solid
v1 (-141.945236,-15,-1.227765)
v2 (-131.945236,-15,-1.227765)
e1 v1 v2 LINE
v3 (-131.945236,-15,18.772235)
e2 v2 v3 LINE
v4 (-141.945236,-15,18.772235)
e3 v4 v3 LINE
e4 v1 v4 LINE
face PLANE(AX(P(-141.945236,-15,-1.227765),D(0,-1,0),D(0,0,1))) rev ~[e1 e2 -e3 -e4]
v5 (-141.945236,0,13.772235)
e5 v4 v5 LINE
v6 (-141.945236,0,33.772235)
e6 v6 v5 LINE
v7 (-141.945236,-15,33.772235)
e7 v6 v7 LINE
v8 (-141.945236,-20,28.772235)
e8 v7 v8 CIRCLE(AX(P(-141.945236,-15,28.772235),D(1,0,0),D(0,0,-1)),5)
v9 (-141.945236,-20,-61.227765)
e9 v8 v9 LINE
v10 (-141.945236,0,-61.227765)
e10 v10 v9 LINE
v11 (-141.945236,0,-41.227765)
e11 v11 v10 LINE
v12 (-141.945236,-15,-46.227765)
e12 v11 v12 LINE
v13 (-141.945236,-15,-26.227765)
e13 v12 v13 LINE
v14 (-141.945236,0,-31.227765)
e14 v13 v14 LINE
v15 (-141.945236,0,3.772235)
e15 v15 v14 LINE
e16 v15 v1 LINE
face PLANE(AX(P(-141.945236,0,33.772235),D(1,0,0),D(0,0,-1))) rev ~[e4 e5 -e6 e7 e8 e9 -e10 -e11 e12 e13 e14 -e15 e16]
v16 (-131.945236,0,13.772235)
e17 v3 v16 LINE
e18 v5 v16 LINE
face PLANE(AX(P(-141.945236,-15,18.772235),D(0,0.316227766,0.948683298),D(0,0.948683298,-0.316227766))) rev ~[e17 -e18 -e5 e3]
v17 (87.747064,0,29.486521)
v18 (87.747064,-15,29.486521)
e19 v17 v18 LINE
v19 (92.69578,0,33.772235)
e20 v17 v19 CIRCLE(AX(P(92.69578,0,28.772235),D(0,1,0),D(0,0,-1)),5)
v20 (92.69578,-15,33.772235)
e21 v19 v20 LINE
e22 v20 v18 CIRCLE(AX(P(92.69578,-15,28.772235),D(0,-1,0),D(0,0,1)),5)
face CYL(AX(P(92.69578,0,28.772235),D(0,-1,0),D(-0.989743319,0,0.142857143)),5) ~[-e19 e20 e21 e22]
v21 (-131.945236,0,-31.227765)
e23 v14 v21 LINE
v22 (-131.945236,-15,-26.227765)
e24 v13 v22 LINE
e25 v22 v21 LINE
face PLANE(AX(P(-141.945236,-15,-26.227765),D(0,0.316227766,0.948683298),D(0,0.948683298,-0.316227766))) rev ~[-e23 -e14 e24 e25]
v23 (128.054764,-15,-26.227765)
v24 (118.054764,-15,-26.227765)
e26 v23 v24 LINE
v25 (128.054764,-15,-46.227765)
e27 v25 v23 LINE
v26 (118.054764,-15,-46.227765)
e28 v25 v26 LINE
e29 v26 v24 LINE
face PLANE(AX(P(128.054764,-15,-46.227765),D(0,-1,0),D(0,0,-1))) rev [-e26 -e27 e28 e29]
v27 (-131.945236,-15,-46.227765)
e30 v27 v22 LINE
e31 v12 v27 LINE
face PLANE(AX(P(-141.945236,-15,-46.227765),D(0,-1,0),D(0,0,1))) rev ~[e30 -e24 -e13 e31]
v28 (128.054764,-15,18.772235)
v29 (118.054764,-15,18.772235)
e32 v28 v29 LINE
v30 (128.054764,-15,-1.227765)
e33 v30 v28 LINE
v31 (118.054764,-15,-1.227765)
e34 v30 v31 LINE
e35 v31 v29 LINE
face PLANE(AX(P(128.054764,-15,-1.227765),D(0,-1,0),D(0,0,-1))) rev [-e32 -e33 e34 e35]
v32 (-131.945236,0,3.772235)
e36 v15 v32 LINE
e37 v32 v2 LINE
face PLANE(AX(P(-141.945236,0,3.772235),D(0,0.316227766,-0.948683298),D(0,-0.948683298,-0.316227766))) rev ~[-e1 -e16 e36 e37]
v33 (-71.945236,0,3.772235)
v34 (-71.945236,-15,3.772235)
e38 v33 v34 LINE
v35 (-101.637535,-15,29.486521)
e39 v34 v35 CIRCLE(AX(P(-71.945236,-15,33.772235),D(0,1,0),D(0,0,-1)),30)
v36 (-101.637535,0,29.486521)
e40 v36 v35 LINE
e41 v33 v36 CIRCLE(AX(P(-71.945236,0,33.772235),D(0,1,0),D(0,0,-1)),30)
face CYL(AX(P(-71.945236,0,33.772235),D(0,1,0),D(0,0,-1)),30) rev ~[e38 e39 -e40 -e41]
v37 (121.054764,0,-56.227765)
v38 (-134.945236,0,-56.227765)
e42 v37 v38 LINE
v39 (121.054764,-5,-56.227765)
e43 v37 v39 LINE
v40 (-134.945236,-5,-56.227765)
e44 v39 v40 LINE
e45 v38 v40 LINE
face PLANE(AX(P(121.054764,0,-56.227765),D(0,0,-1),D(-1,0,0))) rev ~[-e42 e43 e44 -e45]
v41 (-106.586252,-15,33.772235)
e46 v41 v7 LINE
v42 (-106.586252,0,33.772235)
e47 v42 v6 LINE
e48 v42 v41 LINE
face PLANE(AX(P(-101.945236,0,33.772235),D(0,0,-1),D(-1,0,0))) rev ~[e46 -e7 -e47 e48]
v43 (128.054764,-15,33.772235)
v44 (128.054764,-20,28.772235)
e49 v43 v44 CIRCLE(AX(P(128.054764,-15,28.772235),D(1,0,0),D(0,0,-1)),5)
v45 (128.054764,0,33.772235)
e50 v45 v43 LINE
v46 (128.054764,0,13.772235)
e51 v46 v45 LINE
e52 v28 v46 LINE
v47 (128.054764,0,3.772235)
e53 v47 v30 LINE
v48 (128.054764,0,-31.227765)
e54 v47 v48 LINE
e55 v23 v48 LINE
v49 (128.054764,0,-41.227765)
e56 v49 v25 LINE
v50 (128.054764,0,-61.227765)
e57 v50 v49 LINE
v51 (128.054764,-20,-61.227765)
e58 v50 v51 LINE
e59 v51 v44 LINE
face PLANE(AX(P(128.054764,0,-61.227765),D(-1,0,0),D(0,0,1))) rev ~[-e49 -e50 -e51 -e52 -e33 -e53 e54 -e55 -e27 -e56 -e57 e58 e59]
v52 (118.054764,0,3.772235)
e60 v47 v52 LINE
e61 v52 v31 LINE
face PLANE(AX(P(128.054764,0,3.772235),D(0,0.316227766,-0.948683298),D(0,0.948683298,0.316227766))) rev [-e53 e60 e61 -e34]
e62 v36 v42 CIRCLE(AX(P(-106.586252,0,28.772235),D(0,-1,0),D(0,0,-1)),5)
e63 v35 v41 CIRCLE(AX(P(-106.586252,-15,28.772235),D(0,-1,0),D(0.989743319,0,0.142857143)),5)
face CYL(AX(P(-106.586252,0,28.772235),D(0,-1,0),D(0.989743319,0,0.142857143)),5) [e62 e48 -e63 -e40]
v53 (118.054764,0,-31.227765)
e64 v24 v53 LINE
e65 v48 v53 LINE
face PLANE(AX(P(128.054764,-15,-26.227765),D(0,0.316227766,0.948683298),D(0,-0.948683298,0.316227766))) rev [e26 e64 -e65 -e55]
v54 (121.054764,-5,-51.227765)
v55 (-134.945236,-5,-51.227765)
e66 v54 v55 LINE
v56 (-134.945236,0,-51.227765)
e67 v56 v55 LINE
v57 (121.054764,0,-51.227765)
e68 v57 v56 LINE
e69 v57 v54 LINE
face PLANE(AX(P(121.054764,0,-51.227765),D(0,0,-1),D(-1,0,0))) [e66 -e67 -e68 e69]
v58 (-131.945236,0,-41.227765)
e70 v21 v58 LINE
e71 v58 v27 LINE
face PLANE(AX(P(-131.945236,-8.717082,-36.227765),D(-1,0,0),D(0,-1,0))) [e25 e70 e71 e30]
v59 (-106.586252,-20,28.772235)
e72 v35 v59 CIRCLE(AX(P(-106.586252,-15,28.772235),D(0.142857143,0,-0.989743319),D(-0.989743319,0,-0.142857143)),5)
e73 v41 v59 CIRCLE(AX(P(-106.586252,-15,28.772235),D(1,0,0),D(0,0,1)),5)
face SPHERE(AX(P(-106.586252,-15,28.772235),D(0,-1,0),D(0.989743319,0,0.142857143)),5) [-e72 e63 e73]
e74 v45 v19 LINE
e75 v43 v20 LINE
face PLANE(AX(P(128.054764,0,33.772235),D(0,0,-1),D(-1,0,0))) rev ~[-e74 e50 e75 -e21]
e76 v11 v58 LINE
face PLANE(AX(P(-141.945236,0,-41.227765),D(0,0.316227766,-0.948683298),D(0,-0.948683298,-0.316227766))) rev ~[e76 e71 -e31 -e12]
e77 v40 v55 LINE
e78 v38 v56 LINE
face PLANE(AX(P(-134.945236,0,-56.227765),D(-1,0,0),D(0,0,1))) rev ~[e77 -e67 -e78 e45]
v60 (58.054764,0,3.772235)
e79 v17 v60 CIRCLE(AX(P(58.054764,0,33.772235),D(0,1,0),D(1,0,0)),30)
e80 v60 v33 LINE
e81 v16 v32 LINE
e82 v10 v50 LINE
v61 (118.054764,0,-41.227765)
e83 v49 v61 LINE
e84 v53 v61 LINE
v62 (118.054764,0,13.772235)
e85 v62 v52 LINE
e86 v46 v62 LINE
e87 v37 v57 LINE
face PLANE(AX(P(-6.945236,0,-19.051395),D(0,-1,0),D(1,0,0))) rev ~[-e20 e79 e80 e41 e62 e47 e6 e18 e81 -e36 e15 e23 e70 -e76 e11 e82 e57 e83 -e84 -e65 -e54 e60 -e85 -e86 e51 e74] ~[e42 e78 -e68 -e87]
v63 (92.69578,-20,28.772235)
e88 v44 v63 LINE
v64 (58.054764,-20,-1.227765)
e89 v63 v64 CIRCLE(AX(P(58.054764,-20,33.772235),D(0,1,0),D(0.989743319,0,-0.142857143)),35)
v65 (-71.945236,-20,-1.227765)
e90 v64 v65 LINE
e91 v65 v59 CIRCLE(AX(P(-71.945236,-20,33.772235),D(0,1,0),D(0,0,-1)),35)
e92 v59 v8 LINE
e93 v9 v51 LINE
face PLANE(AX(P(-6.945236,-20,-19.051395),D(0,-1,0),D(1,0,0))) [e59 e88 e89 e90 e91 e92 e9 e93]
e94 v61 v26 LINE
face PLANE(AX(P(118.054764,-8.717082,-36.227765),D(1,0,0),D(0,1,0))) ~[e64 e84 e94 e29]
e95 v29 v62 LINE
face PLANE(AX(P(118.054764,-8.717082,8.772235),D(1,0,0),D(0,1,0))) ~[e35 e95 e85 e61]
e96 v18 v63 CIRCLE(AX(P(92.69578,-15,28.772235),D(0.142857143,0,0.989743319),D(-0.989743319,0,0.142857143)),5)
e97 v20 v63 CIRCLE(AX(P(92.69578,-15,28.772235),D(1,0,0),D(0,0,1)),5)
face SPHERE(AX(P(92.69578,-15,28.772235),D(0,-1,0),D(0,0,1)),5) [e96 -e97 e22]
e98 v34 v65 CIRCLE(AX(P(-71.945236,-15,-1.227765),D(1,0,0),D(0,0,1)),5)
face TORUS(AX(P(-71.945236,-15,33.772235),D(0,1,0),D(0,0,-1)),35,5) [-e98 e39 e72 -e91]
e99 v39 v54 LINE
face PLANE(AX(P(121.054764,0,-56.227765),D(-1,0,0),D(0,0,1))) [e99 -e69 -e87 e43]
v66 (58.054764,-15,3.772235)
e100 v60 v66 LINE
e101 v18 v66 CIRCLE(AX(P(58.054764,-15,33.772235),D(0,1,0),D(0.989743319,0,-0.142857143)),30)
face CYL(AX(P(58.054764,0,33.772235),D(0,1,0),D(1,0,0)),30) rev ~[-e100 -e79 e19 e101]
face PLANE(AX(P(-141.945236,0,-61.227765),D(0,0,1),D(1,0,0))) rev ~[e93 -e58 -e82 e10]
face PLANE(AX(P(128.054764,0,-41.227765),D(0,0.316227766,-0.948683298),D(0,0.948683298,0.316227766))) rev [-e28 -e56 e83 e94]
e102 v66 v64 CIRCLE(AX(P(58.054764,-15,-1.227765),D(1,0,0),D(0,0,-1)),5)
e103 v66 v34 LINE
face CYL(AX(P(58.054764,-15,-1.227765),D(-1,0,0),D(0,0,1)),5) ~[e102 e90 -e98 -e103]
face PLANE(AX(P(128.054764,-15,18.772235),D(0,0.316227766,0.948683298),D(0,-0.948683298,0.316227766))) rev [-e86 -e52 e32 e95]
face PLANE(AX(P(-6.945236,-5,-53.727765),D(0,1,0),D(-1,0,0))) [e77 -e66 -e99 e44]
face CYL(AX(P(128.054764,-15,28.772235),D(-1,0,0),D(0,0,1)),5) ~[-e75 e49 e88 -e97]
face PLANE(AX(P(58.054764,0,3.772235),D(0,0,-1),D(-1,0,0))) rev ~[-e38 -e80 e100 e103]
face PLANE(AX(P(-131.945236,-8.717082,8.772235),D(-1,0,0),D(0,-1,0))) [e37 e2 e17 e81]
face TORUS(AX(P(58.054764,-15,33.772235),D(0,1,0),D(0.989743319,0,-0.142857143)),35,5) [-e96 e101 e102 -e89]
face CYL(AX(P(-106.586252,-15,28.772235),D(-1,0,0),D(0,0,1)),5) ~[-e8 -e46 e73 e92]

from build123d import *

# Parameters (mm, degrees)
F1_DEPTH  = 20
F2_R      = 5
F3_R      = 5
F10_DEPTH = 10
F9_W      = 256
F9_H      = 5
F12_DEPTH = 5
F13_R     = 5


with BuildPart() as f1:
    # F0 (on Front) → F1 (new body)
    with BuildSketch(Plane.XZ):
        with BuildLine():
            ThreePointArc((-71.9452356547, 3.7722354652), (-93.1584390903, 12.5590320296), (-101.9452356547, 33.7722354652))
            Line((-101.9452356547, 33.7722354652), (-141.9452356547, 33.7722354652))
            Line((-141.9452356547, 33.7722354652), (-141.9452356547, -61.2277645348))
            Line((-141.9452356547, -61.2277645348), (128.0547643453, -61.2277645348))
            Line((128.0547643453, -61.2277645348), (128.0547643453, 33.7722354652))
            Line((128.0547643453, 33.7722354652), (88.0547643453, 33.7722354652))
            ThreePointArc((88.0547643453, 33.7722354652), (79.2679677809, 12.5590320296), (58.0547643453, 3.7722354652))
            Line((58.0547643453, 3.7722354652), (-71.9452356547, 3.7722354652))
        make_face()
    extrude(amount=F1_DEPTH)

    # F2
    f2_edges = [f1.edges().sort_by_distance(p)[0] for p in [
        (-101.945236, -10, 33.772235),
    ]]
    fillet(f2_edges, radius=F2_R)

    # F3
    f3_edges = [f1.edges().sort_by_distance(p)[0] for p in [
        (88.054764, -10, 33.772235),
    ]]
    fillet(f3_edges, radius=F3_R)

    # F4 (on face) → F10 (cut)
    with BuildSketch(Plane(origin=(-141.9452356547, 0, 0), x_dir=(0, -1, 0), z_dir=(-1, 0, 0))):
        Polygon((0, -31.2277645348), (0, -41.2277645348), (15, -46.2277645348), (15, -26.2277645348), align=None)
        Polygon((0, 13.7722354652), (0, 3.7722354652), (15, -1.2277645348), (15, 18.7722354652), align=None)
    extrude(amount=-F10_DEPTH, mode=Mode.SUBTRACT)

    # F11: F1 across plane


with BuildPart() as f1_1:
    add(f1.part)
    add(f1.part.mirror(Plane(origin=(-6.9452356547, 0, 3.7722354652), x_dir=(0, 0, -1), z_dir=(1, 0, 0))), mode=Mode.INTERSECT)

    # F9 (on face) → F12 (cut)
    with BuildSketch(Plane(origin=(0, 0, 0), x_dir=(-1, 0, 0), z_dir=(0, 1, 0))):
        with Locations((6.9452356547, -53.7277645348)):
            Rectangle(F9_W, F9_H)
    extrude(amount=-F12_DEPTH, mode=Mode.SUBTRACT)

    # F13
    f13_edges = [f1_1.edges().sort_by_distance(p)[0] for p in [
        (-6.945236, -20, 3.772235),
        (-91.584846, -20, 11.094367),
        (77.694374, -20, 11.094367),
        (-103.312983, -20, 32.55188),
        (89.422512, -20, 32.55188),
        (110.375272, -20, 33.772235),
        (-124.265744, -20, 33.772235),
    ]]
    fillet(f13_edges, radius=F13_R)


solid = f1_1.part
